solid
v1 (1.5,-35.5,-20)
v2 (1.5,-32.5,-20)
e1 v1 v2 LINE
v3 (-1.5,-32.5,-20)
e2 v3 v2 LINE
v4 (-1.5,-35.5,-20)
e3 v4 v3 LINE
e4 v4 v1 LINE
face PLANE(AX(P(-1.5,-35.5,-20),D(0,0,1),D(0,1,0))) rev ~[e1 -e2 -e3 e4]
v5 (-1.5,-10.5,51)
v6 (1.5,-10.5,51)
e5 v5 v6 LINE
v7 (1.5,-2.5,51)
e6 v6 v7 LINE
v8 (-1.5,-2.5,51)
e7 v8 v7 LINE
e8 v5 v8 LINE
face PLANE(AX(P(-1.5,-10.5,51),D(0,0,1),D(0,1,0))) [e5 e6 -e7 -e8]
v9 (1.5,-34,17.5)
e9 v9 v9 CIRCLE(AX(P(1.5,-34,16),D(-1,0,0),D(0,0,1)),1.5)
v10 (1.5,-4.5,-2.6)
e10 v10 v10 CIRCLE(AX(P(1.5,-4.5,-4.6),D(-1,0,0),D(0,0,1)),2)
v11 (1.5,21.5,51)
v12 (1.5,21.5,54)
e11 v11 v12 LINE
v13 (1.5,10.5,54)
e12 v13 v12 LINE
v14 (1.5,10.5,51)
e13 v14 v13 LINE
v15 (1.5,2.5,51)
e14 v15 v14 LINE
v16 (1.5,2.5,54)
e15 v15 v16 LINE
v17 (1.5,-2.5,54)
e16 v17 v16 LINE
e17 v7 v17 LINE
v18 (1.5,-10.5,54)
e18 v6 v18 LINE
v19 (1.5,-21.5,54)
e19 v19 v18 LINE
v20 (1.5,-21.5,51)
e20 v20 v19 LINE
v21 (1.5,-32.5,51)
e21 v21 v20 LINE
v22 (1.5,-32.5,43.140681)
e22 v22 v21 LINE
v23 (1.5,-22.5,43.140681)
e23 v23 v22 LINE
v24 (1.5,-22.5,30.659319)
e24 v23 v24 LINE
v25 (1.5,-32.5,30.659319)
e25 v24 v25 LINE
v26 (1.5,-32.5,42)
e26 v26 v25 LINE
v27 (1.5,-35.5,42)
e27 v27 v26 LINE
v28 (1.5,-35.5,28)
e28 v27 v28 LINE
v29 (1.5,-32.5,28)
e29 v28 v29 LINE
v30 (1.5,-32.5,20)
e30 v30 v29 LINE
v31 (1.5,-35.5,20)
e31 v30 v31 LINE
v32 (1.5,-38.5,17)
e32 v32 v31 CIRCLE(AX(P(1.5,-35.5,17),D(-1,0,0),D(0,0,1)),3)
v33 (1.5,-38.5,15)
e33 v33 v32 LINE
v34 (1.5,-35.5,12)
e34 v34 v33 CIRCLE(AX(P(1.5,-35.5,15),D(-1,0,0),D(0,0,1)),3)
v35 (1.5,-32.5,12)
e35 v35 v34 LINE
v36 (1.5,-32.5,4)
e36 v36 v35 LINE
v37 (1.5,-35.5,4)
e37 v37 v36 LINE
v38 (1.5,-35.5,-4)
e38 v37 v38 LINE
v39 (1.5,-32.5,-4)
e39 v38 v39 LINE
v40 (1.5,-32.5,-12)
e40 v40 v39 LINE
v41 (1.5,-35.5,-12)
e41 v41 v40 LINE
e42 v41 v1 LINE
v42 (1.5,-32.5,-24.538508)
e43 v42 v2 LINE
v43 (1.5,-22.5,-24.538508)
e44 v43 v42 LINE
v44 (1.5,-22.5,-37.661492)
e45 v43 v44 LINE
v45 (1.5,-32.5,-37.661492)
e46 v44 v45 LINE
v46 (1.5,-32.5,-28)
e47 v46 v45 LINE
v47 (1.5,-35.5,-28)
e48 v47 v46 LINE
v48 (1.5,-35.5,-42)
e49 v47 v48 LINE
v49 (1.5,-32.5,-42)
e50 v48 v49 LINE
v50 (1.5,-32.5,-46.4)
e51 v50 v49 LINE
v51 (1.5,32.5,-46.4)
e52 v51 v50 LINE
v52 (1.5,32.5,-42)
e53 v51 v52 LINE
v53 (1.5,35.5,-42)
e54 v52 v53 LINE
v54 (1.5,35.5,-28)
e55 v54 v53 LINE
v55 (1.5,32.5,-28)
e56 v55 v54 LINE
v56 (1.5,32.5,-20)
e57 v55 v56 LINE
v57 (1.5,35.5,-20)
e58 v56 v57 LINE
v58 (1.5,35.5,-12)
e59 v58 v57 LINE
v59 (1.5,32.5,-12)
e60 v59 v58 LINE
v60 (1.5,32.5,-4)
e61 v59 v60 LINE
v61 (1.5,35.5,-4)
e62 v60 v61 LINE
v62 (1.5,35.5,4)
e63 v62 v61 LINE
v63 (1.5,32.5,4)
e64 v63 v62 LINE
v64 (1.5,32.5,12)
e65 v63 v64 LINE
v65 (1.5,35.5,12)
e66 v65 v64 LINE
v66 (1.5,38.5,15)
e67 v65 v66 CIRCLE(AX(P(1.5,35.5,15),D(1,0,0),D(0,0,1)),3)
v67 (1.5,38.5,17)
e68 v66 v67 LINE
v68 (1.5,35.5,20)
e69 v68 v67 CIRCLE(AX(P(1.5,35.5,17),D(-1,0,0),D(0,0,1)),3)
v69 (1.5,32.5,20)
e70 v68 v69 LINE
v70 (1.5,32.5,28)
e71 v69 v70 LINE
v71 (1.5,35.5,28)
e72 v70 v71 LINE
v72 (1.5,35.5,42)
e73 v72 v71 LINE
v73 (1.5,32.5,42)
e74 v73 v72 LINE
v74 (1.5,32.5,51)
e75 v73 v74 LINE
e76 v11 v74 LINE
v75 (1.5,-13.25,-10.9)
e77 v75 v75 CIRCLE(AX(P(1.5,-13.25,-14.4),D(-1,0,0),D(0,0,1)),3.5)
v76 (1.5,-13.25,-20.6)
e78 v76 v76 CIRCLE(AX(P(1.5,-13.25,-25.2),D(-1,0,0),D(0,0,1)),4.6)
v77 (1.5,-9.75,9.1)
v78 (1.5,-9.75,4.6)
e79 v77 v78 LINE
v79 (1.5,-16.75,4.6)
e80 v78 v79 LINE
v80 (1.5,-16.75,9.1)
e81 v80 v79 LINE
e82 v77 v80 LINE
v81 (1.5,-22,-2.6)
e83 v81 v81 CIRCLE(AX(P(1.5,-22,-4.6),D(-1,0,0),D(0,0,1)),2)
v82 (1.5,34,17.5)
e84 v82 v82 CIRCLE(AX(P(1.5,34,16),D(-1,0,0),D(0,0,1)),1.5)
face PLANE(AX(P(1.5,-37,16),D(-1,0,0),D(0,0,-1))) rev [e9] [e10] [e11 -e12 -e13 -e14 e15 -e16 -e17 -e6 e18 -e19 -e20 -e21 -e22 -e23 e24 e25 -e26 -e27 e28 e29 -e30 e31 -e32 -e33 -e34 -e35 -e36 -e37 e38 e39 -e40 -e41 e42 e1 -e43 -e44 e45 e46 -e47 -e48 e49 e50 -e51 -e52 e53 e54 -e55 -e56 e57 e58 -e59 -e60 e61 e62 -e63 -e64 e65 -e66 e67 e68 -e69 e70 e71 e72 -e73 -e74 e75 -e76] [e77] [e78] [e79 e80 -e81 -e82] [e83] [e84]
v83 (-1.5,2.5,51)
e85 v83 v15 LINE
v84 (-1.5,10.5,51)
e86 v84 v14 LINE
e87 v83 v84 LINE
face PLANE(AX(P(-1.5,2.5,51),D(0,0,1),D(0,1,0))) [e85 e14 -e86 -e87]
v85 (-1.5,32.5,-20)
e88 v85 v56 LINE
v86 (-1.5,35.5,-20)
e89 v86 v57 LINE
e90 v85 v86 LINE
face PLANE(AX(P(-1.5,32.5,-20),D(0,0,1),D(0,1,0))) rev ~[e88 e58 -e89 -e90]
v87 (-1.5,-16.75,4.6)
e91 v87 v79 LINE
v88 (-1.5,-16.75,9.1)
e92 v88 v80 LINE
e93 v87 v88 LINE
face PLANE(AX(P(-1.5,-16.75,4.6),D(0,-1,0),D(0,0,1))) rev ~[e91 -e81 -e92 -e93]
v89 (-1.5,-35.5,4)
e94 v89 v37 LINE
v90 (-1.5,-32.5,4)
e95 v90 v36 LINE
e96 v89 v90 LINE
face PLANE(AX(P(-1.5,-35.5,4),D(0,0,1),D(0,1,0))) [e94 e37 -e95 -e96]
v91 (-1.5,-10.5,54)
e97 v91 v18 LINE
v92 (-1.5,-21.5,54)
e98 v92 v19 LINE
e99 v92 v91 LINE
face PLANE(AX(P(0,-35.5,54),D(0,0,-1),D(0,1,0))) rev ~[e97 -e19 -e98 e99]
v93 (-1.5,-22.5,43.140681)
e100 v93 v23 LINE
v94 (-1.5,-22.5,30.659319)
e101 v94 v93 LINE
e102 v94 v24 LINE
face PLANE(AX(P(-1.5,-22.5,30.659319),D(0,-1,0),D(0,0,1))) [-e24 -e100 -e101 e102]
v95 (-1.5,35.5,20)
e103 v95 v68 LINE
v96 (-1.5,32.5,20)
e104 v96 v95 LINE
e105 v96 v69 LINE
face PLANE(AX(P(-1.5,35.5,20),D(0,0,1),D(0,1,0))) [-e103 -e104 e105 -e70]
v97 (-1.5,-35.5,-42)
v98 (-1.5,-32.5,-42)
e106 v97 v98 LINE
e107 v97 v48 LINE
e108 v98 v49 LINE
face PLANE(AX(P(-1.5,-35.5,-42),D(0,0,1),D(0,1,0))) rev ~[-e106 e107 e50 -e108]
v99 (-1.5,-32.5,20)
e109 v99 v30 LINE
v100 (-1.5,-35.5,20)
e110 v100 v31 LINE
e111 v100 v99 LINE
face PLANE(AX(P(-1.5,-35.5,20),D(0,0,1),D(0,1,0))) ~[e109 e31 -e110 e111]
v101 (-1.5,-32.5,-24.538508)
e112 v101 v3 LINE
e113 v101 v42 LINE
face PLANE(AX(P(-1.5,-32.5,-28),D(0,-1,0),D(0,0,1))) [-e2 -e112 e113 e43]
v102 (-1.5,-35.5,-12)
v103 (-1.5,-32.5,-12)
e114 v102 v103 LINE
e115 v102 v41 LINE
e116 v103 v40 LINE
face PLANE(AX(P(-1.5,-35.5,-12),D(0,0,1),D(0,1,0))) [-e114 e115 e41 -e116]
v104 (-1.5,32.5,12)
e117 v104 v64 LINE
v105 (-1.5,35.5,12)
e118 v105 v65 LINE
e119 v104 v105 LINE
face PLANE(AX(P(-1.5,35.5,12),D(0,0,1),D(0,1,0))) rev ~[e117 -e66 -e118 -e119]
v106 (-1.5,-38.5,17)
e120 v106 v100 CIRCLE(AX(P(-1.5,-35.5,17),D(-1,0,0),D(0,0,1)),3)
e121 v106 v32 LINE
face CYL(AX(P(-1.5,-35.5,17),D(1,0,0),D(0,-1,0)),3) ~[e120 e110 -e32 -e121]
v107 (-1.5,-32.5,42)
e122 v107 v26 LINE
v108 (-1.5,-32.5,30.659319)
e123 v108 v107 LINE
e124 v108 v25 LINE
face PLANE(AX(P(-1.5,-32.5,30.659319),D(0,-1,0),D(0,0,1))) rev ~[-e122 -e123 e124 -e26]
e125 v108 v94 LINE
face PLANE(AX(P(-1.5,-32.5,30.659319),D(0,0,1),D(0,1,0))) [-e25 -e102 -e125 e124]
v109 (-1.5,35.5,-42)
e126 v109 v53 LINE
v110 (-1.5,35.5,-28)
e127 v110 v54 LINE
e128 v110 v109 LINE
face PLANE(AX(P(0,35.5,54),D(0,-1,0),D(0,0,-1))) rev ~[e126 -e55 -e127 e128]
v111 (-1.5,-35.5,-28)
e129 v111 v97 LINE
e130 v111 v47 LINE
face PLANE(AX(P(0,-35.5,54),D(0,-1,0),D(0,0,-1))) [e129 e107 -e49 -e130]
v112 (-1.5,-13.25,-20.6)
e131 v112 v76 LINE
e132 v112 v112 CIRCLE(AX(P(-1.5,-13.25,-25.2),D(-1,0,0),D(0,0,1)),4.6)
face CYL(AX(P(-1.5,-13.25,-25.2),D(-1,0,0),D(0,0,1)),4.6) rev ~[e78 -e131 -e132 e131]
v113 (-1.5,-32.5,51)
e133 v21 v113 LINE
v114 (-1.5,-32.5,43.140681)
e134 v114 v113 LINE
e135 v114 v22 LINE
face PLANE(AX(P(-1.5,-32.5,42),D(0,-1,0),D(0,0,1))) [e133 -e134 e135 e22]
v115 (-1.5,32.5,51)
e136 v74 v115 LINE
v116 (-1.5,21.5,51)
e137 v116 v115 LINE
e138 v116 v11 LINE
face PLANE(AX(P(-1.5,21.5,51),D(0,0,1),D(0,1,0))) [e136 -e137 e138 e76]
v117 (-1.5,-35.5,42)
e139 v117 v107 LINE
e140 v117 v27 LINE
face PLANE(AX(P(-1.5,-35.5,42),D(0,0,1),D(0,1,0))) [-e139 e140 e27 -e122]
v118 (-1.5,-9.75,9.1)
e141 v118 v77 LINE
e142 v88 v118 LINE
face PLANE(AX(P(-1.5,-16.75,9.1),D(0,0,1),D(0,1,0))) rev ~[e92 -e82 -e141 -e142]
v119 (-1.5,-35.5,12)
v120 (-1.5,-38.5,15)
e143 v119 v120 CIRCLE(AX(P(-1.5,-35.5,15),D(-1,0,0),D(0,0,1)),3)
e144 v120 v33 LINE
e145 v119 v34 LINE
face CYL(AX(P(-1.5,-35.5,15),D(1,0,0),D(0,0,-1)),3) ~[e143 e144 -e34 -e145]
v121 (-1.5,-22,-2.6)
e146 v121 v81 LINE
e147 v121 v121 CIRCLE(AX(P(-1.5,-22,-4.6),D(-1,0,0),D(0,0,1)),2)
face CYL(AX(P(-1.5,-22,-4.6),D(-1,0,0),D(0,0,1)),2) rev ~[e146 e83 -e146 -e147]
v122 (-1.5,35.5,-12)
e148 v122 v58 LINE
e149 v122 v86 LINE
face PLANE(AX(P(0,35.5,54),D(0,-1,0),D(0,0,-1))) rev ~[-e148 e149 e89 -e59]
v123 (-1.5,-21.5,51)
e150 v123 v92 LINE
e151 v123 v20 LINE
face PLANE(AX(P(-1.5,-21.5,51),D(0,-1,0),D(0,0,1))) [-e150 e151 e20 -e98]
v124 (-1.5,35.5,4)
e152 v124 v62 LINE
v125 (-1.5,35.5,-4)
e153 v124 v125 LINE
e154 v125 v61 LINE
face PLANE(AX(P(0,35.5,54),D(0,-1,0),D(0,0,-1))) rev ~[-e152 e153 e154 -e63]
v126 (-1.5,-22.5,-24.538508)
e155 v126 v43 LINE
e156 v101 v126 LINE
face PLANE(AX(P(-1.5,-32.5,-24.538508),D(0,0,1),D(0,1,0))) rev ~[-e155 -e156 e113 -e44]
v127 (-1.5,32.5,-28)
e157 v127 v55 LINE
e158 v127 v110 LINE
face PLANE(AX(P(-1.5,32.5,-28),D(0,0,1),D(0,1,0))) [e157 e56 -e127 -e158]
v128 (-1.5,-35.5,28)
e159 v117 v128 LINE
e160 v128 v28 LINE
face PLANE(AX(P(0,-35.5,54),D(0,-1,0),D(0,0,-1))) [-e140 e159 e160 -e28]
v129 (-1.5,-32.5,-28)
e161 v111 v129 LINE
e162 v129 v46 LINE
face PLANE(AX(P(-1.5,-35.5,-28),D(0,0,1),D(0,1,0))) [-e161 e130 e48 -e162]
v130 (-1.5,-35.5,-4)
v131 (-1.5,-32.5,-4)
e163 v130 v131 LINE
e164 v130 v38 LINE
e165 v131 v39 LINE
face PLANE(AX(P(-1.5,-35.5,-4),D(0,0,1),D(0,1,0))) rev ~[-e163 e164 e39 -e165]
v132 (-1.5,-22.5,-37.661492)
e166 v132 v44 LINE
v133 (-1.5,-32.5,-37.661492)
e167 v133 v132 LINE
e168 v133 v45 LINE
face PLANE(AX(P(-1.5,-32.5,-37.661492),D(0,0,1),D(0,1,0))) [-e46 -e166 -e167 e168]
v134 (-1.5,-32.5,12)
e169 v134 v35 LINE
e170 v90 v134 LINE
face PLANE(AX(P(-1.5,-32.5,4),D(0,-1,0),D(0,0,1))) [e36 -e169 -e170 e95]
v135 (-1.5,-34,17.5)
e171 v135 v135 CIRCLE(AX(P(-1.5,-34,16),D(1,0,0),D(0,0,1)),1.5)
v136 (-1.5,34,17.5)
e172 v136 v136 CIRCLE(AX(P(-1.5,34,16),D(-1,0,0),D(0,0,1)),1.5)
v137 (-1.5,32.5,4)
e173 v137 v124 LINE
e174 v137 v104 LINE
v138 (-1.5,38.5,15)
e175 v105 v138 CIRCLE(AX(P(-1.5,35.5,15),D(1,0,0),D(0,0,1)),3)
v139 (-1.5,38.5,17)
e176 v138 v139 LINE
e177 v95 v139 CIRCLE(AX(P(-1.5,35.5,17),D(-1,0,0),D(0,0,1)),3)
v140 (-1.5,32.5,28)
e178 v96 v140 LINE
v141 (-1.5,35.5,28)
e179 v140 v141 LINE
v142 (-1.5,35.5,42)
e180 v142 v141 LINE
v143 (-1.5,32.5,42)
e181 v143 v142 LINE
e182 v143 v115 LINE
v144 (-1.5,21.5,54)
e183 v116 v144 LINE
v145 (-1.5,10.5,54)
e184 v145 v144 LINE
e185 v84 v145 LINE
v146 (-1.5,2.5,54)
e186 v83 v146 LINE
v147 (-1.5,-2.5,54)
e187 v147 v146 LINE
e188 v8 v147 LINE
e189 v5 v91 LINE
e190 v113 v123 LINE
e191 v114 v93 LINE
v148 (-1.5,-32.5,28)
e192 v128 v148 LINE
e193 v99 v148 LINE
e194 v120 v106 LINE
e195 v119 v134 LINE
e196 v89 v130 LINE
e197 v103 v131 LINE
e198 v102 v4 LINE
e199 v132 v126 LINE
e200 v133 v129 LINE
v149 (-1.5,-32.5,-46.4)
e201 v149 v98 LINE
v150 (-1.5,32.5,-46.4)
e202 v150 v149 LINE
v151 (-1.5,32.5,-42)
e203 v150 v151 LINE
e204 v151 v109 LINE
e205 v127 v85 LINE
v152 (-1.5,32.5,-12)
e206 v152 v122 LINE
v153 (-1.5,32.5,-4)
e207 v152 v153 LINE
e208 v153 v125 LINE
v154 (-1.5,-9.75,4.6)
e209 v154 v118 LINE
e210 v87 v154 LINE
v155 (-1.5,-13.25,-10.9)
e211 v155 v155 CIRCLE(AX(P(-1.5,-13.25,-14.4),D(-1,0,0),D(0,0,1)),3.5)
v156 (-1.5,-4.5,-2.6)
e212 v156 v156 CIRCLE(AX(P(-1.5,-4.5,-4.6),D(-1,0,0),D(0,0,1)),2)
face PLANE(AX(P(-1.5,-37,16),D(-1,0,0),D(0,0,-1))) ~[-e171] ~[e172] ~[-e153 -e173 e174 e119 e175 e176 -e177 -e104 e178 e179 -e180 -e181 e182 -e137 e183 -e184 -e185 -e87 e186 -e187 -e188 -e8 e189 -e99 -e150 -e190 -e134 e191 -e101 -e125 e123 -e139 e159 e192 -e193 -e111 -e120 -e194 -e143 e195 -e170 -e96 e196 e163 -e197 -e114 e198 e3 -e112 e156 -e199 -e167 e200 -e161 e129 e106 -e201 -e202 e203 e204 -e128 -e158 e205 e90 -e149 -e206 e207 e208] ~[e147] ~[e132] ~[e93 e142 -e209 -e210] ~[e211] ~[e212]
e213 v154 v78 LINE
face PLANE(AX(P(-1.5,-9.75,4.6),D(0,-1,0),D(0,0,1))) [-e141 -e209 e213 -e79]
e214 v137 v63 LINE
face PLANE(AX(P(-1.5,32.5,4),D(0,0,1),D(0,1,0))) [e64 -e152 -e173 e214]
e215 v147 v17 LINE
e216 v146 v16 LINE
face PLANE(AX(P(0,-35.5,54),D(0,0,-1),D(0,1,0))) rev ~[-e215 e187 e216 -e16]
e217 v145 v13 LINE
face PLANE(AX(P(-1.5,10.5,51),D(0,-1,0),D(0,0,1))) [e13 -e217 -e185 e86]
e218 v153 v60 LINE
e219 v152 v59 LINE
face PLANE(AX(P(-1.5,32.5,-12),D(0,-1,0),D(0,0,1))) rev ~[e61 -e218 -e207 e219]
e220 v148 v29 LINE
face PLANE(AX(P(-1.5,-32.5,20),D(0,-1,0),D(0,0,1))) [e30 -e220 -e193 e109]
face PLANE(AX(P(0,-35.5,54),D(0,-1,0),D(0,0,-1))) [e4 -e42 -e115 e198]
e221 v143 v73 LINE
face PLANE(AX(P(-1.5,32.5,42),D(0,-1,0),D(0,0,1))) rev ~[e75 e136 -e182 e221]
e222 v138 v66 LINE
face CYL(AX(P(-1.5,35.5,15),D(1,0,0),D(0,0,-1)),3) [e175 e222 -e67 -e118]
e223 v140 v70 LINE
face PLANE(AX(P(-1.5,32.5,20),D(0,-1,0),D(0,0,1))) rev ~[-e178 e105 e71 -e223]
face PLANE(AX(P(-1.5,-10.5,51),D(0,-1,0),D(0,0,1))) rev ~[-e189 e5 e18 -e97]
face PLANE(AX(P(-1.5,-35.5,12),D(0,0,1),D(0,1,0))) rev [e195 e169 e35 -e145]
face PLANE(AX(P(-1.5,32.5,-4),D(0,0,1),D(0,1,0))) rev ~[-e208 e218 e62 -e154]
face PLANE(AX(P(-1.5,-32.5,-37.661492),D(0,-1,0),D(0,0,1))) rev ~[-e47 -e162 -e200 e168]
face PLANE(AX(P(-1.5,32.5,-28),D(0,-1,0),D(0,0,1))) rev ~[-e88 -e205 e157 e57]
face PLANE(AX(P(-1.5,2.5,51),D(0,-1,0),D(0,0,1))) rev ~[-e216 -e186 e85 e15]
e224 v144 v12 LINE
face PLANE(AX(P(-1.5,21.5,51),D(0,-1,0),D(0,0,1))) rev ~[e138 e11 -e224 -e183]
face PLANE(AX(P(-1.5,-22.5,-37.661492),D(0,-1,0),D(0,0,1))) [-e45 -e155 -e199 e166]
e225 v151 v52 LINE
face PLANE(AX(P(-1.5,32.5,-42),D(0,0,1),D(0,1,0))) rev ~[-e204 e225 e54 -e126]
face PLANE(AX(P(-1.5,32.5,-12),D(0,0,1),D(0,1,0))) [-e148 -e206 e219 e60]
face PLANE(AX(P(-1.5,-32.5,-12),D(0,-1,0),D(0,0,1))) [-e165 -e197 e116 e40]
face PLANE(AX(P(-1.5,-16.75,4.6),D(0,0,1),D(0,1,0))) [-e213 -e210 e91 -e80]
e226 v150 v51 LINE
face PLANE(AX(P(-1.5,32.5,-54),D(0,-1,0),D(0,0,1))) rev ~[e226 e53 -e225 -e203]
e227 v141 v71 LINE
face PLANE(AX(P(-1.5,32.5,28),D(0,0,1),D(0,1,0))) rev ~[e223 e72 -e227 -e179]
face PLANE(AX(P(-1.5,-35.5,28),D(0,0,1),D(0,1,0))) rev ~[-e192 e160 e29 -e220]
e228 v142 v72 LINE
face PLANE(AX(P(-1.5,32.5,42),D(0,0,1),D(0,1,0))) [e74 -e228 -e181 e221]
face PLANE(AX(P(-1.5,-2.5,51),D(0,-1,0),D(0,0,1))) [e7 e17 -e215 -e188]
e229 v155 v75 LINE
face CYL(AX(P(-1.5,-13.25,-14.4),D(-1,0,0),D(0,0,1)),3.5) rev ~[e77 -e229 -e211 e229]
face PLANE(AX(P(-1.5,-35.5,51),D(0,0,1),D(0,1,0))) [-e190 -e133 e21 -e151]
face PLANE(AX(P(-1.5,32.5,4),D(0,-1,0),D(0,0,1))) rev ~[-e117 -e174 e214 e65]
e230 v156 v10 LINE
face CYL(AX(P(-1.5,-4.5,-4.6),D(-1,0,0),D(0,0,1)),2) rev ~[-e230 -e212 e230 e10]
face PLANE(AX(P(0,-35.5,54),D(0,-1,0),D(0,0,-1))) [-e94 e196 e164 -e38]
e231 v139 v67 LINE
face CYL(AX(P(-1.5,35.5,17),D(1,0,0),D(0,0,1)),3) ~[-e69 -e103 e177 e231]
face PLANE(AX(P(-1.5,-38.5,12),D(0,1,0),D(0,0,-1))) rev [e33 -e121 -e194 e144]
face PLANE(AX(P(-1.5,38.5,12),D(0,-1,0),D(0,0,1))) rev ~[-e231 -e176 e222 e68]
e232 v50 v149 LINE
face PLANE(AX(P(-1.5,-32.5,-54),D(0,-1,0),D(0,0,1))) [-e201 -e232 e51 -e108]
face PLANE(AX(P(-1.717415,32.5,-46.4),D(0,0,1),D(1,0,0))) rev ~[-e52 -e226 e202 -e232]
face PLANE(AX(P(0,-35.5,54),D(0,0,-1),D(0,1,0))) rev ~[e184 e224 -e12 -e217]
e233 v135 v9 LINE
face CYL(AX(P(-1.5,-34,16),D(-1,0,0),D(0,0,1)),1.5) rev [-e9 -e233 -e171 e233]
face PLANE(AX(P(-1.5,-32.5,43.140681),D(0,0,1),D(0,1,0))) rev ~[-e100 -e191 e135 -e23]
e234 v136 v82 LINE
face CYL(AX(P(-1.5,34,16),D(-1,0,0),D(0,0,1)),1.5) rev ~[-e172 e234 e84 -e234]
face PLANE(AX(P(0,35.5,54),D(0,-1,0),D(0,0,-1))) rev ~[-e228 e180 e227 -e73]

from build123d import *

# Parameters (mm, degrees)
CROQUIS1_W               = 108
CROQUIS1_H               = 71
SALIENTE_EXTRUIR1_DEPTH  = 1.5
CROQUIS2_W               = 12
CROQUIS2_H               = 3
CROQUIS2_W_2             = 8
CORTAR_EXTRUIR1_DEPTH    = 3
CROQUIS4_W               = 8
CROQUIS4_H               = 3
SALIENTE_EXTRUIR2_DEPTH  = 3
REDONDEO1_R              = 3
CROQUIS5_R               = 1.5
CORTAR_EXTRUIR2_DEPTH    = 13
REDONDEO1_OF_SIMETR_A2_R = 3
CROQUIS6_W               = 3
CROQUIS6_H               = 14
CROQUIS6_H_2             = 8
CORTAR_EXTRUIR3_DEPTH    = 3
CROQUIS7_W               = 3.217414859
CROQUIS7_H               = 7.6
CORTAR_EXTRUIR4_DEPTH    = 73
CROQUIS8_R               = 1.5
CROQUIS8_R_2             = 2.5
CROQUIS8_R_3             = 3.6
CROQUIS8_W               = 2.5
CROQUIS8_H               = 6
CORTAR_EXTRUIR5_DEPTH    = 10
CROQUIS9_R               = 2
CROQUIS9_R_2             = 3.5
CROQUIS9_R_3             = 4.6
CROQUIS9_W               = 4.5
CROQUIS9_H               = 7
CORTAR_EXTRUIR6_DEPTH    = 10
CROQUIS10_W              = 13.122983438
CROQUIS10_H              = 10
CORTAR_EXTRUIR7_DEPTH    = 10
CROQUIS11_W              = 12.481361742
CROQUIS11_H              = 10
CORTAR_EXTRUIR8_DEPTH    = 10


with BuildPart() as part:
    # Croquis1 → Saliente-Extruir1 (new, symmetric)
    with BuildSketch(Plane(origin=(0, 0, 0), x_dir=(0, 0, -1), z_dir=(1, 0, 0))):
        Rectangle(CROQUIS1_W, CROQUIS1_H)
    extrude(amount=SALIENTE_EXTRUIR1_DEPTH, both=True)

    # Croquis2 → Cortar-Extruir1 (cut)
    with BuildSketch(Plane.ZY.offset(1.5)):
        with Locations((-48, -34)):
            Rectangle(CROQUIS2_W, CROQUIS2_H)
        with Locations((-24, -34)):
            Rectangle(CROQUIS2_W_2, CROQUIS2_H)
        with Locations((-8, -34)):
            Rectangle(CROQUIS2_W_2, CROQUIS2_H)
        with Locations((8, -34)):
            Rectangle(CROQUIS2_W_2, CROQUIS2_H)
        with Locations((24, -34)):
            Rectangle(CROQUIS2_W_2, CROQUIS2_H)
        with Locations((48, -34)):
            Rectangle(CROQUIS2_W, CROQUIS2_H)
        with Locations((48, 34)):
            Rectangle(CROQUIS2_W, CROQUIS2_H)
        with Locations((24, 34)):
            Rectangle(CROQUIS2_W_2, CROQUIS2_H)
        with Locations((8, 34)):
            Rectangle(CROQUIS2_W_2, CROQUIS2_H)
        with Locations((-8, 34)):
            Rectangle(CROQUIS2_W_2, CROQUIS2_H)
        with Locations((-24, 34)):
            Rectangle(CROQUIS2_W_2, CROQUIS2_H)
        with Locations((-48, 34)):
            Rectangle(CROQUIS2_W, CROQUIS2_H)
    extrude(amount=-CORTAR_EXTRUIR1_DEPTH, mode=Mode.SUBTRACT)

    # Croquis4 → Saliente-Extruir2 (add)
    with BuildSketch(Plane.ZY.offset(1.5)):
        with Locations((16, 37)):
            Rectangle(CROQUIS4_W, CROQUIS4_H)
    saliente_extruir2 = extrude(amount=-SALIENTE_EXTRUIR2_DEPTH)

    # Redondeo1
    redondeo1_edges = [part.edges().sort_by_distance(p)[0] for p in [
        (0, 38.5, 12),
        (0, 38.5, 20),
    ]]
    fillet(redondeo1_edges, radius=REDONDEO1_R)

    # Croquis5 → Cortar-Extruir2 (cut)
    with BuildSketch(Plane.ZY.offset(1.5)):
        with Locations((16, 34)):
            Circle(CROQUIS5_R)
    cortar_extruir2 = extrude(amount=-CORTAR_EXTRUIR2_DEPTH, mode=Mode.SUBTRACT)

    # Simetría2: Saliente-Extruir2, Cortar-Extruir2 across plane
    add(saliente_extruir2.mirror(Plane.ZX))
    add(cortar_extruir2.mirror(Plane.ZX), mode=Mode.SUBTRACT)

    # Redondeo1 of Simetría2
    redondeo1_of_simetr_a2_edges = [part.edges().sort_by_distance(p)[0] for p in [
        (0, -38.5, 12),
        (0, -38.5, 20),
    ]]
    fillet(redondeo1_of_simetr_a2_edges, radius=REDONDEO1_OF_SIMETR_A2_R)

    # Croquis6 → Cortar-Extruir3 (cut)
    with BuildSketch(Plane.ZY.offset(1.5)):
        with Locations((52.5, -28.5)):
            Rectangle(CROQUIS6_W, CROQUIS6_H)
        with Locations((52.5, -6.5)):
            Rectangle(CROQUIS6_W, CROQUIS6_H_2)
        with Locations((52.5, 6.5)):
            Rectangle(CROQUIS6_W, CROQUIS6_H_2)
        with Locations((52.5, 28.5)):
            Rectangle(CROQUIS6_W, CROQUIS6_H)
    extrude(amount=-CORTAR_EXTRUIR3_DEPTH, mode=Mode.SUBTRACT)

    # Croquis7 → Cortar-Extruir4 (cut)
    with BuildSketch(Plane(origin=(0, 32.5, 0), x_dir=(1, 0, 0), z_dir=(0, 1, 0))):
        with Locations((-0.10870743, 50.2)):
            Rectangle(CROQUIS7_W, CROQUIS7_H)
    extrude(amount=-CORTAR_EXTRUIR4_DEPTH, mode=Mode.SUBTRACT)

    # Croquis8 → Cortar-Extruir5 (cut)
    with BuildSketch(Plane(origin=(1.5, 0, 0), x_dir=(0, 0, -1), z_dir=(1, 0, 0))):
        with Locations((4.6, -4.5)):
            Circle(CROQUIS8_R)
        with Locations((4.6, -22)):
            Circle(CROQUIS8_R)
        with Locations((14.4, -13.25)):
            Circle(CROQUIS8_R_2)
        with Locations((25.2, -13.25)):
            Circle(CROQUIS8_R_3)
        with Locations((-6.85, -13.25)):
            Rectangle(CROQUIS8_W, CROQUIS8_H)
    extrude(amount=-CORTAR_EXTRUIR5_DEPTH, mode=Mode.SUBTRACT)

    # Croquis9 → Cortar-Extruir6 (cut)
    with BuildSketch(Plane.ZY.offset(1.5)):
        with Locations((-4.6, -22)):
            Circle(CROQUIS9_R)
        with Locations((-4.6, -4.5)):
            Circle(CROQUIS9_R)
        with Locations((-14.4, -13.25)):
            Circle(CROQUIS9_R_2)
        with Locations((-25.2, -13.25)):
            Circle(CROQUIS9_R_3)
        with Locations((6.85, -13.25)):
            Rectangle(CROQUIS9_W, CROQUIS9_H)
    extrude(amount=-CORTAR_EXTRUIR6_DEPTH, mode=Mode.SUBTRACT)

    # Croquis10 → Cortar-Extruir7 (cut)
    with BuildSketch(Plane.ZY.offset(1.5)):
        with Locations((-31.1, -27.5)):
            Rectangle(CROQUIS10_W, CROQUIS10_H)
    extrude(amount=-CORTAR_EXTRUIR7_DEPTH, mode=Mode.SUBTRACT)

    # Croquis11 → Cortar-Extruir8 (cut)
    with BuildSketch(Plane.ZY.offset(1.5)):
        with Locations((36.9, -27.5)):
            Rectangle(CROQUIS11_W, CROQUIS11_H)
    extrude(amount=-CORTAR_EXTRUIR8_DEPTH, mode=Mode.SUBTRACT)


solid = part.part
